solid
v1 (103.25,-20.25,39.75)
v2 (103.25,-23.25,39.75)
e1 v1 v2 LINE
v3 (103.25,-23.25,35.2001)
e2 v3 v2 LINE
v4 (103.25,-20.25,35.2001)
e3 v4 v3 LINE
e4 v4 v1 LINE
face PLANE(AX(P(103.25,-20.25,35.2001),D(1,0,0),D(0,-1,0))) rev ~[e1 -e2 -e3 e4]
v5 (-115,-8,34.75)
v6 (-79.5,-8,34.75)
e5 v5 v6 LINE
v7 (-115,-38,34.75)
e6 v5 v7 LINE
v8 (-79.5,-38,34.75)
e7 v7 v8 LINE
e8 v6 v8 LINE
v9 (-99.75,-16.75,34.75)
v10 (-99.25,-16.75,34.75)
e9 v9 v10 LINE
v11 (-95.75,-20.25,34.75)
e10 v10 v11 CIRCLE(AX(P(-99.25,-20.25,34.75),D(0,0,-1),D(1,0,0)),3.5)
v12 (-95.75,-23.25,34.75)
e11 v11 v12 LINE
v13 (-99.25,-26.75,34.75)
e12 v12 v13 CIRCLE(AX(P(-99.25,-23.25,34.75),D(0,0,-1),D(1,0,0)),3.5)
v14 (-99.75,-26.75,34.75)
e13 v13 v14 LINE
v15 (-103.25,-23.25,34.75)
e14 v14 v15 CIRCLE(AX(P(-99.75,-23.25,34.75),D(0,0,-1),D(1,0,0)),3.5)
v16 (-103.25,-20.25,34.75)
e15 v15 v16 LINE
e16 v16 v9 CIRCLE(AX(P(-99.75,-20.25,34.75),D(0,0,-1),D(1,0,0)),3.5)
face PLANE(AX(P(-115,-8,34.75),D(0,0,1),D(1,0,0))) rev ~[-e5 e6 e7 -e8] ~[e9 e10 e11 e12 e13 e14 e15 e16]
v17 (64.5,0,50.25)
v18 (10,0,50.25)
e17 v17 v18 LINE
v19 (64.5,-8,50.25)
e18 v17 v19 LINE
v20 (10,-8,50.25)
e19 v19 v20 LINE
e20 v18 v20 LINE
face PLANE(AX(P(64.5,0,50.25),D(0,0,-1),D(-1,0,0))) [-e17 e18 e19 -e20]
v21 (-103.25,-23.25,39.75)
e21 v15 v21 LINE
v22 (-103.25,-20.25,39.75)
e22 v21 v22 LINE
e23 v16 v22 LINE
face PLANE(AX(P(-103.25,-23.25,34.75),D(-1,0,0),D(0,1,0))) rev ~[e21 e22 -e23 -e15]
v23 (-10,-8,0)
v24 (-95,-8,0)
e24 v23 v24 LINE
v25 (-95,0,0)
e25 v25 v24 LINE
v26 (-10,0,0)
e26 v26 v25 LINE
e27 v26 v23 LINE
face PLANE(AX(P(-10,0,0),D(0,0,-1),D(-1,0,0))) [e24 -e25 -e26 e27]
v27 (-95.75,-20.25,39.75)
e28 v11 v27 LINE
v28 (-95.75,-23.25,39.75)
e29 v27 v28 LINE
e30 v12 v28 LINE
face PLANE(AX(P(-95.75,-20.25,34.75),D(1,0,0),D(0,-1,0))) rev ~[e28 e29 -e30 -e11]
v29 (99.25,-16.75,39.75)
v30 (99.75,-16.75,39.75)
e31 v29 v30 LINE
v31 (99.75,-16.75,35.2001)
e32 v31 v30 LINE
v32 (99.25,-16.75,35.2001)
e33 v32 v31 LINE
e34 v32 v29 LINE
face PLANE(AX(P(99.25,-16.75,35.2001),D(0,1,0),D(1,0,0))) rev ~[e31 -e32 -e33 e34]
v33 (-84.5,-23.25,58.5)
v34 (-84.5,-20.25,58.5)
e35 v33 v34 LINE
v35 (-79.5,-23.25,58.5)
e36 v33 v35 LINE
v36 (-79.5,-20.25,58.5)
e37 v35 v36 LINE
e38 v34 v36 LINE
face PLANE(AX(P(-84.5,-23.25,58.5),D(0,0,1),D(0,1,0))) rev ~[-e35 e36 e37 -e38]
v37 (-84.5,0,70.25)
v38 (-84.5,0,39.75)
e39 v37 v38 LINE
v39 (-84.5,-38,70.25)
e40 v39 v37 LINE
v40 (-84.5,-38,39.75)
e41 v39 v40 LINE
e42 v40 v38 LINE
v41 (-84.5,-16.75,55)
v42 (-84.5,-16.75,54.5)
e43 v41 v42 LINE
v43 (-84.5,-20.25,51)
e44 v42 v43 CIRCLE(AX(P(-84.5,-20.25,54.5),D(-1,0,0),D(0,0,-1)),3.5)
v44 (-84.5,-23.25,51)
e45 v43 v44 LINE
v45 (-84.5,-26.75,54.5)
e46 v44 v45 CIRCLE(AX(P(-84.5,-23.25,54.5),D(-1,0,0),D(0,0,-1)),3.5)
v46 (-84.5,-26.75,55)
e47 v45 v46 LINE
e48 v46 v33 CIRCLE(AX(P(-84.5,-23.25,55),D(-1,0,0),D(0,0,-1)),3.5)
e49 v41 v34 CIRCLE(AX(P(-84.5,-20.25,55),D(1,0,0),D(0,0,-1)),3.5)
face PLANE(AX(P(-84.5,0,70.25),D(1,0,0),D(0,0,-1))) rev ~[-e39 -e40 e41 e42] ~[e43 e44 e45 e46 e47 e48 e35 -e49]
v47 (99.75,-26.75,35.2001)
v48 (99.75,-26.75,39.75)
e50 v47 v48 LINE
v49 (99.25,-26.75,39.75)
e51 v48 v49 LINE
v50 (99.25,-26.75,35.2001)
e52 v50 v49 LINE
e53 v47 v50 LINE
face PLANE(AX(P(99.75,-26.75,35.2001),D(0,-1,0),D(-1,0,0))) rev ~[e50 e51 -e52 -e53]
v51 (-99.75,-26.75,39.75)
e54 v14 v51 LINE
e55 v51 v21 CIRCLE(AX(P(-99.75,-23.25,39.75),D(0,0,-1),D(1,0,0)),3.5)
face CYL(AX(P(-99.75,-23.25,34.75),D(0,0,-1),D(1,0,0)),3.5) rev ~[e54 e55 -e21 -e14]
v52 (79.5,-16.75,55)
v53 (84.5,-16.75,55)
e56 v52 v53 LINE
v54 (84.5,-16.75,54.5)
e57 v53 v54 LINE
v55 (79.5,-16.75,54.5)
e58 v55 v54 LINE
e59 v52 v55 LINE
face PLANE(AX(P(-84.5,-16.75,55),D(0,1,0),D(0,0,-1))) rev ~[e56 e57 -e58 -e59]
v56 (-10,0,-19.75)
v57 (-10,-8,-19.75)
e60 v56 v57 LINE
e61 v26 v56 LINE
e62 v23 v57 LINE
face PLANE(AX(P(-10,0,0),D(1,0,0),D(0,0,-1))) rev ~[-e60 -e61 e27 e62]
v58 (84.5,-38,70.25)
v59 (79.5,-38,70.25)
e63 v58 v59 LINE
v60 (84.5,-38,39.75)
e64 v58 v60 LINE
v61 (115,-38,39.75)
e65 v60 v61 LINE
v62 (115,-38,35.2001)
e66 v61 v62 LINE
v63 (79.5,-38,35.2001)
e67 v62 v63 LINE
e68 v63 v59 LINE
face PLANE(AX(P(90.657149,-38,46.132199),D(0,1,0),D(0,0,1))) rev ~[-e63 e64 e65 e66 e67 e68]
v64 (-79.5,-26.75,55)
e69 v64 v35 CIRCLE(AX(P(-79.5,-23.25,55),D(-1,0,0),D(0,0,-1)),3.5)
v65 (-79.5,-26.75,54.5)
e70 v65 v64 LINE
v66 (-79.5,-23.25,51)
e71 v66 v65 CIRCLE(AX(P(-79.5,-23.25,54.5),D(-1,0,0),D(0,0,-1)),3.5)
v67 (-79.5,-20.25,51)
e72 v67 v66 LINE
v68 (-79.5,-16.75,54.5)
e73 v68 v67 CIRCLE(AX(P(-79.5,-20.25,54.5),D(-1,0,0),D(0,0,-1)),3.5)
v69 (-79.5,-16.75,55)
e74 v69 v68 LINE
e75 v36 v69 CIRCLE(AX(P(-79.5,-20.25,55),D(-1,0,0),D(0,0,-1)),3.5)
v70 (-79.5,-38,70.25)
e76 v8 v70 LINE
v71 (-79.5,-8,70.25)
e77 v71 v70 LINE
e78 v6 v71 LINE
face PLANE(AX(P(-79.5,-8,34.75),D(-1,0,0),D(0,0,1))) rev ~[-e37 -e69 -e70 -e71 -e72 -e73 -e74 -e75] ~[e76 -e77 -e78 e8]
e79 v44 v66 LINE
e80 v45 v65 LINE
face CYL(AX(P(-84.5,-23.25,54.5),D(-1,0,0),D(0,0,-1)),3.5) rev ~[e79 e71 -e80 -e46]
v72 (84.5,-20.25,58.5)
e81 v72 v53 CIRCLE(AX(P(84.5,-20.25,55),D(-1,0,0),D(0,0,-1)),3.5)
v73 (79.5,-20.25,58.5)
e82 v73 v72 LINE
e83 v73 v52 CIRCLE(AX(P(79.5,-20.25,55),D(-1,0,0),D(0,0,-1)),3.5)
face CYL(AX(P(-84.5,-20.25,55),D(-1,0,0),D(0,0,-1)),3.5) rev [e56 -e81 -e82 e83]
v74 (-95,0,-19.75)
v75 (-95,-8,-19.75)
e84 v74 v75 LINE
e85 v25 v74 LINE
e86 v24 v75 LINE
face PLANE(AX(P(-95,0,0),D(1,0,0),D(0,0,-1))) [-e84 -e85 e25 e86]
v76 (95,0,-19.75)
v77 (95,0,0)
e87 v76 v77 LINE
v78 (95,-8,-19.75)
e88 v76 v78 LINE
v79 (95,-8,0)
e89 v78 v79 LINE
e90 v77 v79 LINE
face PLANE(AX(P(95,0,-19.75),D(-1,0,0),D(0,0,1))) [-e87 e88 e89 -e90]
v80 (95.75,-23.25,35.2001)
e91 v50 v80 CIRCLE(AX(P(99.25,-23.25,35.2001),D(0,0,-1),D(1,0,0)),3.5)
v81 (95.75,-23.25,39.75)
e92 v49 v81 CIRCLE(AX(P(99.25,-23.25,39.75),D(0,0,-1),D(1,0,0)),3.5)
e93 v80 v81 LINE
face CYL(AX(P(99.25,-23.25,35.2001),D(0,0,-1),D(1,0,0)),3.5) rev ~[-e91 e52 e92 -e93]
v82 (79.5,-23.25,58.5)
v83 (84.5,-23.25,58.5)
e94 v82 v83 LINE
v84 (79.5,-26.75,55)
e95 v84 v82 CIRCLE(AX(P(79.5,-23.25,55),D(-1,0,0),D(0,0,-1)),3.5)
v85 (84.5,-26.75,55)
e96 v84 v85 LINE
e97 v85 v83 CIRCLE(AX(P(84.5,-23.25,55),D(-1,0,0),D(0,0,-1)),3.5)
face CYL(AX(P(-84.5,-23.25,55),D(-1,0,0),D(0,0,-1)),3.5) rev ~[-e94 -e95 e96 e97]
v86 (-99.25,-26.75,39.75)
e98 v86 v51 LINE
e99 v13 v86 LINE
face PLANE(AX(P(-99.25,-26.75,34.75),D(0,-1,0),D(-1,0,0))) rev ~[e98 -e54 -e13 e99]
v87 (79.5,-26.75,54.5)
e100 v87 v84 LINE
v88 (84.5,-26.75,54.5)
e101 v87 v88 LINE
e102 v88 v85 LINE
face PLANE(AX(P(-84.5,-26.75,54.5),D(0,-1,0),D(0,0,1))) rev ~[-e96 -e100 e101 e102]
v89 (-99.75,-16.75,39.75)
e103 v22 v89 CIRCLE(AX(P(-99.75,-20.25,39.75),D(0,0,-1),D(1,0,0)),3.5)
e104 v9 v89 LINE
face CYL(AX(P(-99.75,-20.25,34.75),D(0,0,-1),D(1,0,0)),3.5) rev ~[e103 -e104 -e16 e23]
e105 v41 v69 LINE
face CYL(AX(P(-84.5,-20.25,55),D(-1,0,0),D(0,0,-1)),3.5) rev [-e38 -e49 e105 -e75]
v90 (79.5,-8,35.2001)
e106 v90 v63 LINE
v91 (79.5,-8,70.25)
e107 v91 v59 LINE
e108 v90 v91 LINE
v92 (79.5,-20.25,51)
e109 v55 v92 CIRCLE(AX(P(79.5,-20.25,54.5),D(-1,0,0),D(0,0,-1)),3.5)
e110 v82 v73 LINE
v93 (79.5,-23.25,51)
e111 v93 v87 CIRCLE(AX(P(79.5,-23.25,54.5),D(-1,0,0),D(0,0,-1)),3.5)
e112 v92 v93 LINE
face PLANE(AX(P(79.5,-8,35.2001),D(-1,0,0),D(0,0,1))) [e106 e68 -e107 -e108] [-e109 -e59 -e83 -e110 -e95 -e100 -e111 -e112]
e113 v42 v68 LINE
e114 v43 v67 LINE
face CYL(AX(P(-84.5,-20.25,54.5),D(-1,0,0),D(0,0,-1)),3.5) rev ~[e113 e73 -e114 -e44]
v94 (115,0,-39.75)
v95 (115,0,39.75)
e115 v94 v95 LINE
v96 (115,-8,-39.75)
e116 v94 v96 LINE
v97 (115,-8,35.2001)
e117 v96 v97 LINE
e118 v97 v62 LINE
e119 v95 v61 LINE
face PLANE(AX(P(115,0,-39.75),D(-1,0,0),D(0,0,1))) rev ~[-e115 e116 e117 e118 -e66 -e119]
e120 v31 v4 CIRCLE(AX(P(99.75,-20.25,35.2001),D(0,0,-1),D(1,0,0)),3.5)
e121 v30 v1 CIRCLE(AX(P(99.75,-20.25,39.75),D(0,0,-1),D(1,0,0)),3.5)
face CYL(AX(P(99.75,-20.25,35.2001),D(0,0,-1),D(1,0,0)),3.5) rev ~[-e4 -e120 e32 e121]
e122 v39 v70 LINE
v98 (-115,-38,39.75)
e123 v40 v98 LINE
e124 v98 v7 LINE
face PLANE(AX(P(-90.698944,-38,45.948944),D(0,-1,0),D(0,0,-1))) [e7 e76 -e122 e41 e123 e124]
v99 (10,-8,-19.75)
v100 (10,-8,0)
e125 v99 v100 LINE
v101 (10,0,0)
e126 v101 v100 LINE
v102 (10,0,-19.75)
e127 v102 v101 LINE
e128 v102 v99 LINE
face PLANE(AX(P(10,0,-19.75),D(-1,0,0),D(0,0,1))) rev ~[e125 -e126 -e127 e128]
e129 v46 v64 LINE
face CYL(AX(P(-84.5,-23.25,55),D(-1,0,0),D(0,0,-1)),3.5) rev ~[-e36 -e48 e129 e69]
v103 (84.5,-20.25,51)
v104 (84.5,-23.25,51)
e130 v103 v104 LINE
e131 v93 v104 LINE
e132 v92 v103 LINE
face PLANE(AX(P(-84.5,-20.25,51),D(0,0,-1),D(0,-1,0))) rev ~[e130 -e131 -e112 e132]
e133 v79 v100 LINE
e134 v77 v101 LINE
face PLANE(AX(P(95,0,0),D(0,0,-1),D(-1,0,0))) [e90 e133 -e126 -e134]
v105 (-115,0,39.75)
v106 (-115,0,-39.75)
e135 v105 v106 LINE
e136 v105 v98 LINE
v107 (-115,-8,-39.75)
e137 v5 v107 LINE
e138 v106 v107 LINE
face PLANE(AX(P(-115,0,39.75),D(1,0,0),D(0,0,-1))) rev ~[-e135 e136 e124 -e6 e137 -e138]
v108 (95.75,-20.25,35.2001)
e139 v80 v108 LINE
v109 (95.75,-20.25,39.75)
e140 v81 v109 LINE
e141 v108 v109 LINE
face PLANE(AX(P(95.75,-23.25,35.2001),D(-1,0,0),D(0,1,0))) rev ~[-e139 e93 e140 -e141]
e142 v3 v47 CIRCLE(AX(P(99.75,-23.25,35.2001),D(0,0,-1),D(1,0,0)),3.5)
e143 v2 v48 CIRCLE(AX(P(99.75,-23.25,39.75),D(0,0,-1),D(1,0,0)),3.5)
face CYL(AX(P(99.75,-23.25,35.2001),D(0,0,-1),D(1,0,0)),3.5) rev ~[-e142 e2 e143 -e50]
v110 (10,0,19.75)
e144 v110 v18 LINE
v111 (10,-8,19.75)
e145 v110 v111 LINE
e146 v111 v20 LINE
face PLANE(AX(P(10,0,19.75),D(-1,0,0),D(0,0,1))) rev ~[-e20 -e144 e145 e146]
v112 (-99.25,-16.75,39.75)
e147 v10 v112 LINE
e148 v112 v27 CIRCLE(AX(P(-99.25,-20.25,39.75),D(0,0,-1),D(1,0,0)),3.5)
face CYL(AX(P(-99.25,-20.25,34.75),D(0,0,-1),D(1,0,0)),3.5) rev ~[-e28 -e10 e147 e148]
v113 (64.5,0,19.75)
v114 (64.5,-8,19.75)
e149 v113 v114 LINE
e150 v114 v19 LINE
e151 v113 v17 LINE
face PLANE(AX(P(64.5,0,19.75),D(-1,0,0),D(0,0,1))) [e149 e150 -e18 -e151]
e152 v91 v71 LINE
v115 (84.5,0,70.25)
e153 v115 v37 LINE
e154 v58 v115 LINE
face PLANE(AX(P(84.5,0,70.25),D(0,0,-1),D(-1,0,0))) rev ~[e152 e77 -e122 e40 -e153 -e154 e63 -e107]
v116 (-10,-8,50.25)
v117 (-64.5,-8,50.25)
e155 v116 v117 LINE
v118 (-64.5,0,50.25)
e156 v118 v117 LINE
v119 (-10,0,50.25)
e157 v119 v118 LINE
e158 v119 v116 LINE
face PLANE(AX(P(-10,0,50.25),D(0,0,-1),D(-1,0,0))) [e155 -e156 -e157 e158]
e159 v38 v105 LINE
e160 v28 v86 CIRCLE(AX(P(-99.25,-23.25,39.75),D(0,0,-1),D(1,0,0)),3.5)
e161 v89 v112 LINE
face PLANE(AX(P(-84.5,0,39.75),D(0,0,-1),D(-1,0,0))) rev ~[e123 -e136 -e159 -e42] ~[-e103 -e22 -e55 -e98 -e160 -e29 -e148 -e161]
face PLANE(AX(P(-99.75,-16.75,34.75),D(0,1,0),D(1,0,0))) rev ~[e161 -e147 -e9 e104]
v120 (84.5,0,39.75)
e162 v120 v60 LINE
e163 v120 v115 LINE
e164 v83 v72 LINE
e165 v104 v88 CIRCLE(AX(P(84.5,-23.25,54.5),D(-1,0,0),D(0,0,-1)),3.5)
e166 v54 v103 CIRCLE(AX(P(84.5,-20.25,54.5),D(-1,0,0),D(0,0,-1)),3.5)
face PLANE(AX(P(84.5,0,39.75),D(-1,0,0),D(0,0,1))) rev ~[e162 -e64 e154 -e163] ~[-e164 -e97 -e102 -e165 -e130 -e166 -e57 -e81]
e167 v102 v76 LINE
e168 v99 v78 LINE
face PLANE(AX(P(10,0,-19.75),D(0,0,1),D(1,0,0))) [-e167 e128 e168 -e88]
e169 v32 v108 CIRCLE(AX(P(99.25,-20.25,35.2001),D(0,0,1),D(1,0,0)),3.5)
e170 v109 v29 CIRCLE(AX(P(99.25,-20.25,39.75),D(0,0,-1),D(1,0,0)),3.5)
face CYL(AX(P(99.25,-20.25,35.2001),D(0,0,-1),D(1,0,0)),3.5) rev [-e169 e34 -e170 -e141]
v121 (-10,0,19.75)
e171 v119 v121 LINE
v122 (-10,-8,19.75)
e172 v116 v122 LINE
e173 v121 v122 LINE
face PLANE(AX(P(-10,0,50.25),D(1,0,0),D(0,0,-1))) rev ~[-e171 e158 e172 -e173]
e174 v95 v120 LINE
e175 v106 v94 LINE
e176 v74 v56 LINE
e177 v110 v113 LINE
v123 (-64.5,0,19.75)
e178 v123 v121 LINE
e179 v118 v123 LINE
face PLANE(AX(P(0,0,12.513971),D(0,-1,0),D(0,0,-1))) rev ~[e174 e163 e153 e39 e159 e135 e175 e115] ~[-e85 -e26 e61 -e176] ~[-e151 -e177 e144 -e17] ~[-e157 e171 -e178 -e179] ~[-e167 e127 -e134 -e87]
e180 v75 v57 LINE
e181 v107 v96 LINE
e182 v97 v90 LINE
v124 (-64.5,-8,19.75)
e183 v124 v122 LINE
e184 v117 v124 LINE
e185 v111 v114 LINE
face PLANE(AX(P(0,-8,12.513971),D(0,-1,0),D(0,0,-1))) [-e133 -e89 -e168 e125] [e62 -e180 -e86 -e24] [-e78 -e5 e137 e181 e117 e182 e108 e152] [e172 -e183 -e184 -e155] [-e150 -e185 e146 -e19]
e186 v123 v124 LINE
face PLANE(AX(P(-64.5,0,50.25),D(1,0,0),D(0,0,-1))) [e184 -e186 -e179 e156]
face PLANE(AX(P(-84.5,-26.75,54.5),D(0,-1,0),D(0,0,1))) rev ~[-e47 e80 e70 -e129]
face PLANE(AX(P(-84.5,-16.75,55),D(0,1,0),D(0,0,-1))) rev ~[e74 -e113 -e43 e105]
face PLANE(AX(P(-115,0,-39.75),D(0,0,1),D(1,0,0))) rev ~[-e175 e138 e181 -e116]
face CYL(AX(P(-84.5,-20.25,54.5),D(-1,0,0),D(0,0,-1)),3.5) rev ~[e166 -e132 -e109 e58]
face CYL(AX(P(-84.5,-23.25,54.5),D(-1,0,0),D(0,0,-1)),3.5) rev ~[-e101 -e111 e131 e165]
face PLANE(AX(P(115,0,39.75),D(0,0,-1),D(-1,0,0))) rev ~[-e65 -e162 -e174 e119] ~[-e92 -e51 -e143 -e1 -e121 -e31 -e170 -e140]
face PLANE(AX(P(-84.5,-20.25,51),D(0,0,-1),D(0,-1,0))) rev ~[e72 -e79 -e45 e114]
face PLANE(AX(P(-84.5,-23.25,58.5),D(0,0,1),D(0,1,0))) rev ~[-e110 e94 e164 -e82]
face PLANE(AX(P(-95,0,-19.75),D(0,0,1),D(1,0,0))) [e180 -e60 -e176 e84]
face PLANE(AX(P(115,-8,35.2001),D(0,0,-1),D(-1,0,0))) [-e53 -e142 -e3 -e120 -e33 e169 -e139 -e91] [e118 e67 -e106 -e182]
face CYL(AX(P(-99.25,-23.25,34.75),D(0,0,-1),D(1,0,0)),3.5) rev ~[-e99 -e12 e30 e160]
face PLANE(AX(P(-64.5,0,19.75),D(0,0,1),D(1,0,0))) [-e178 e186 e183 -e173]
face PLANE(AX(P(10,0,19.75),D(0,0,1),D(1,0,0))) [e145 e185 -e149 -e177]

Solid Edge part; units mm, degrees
sketch "Sketch1" plane through (0, 0, 0) normal (0, -1, 0) x (1, 0, 0)
  line L0 (-10, 50.25) -> (-64.5, 50.25)
  line L1 (-64.5, 50.25) -> (-64.5, 19.75)
  line L2 (-64.5, 19.75) -> (-10, 19.75)
  line L3 (-10, 50.25) -> (-10, 19.75)
  line L4 (-10, 0) -> (-95, 0)
  line L5 (-95, 0) -> (-95, -19.75)
  line L6 (-95, -19.75) -> (-10, -19.75)
  line L7 (-10, 0) -> (-10, -19.75)
  line L8 (95, -19.75) -> (95, 0)
  line L9 (95, 0) -> (10, 0)
  line L10 (10, -19.75) -> (10, 0)
  line L11 (10, -19.75) -> (95, -19.75)
  line L12 (-84.5, 39.75) -> (-115, 39.75)
  line L13 (-115, 39.75) -> (-115, -39.75)
  line L14 (-115, -39.75) -> (115, -39.75)
  line L15 (115, -39.75) -> (115, 39.75)
  line L16 (115, 39.75) -> (84.5, 39.75)
  line L17 (84.5, 39.75) -> (84.5, 70.25)
  line L18 (84.5, 70.25) -> (-84.5, 70.25)
  line L19 (-84.5, 70.25) -> (-84.5, 39.75)
  line L20 (10, 19.75) -> (64.5, 19.75)
  line L21 (64.5, 19.75) -> (64.5, 50.25)
  line L22 (64.5, 50.25) -> (10, 50.25)
  line L23 (10, 19.75) -> (10, 50.25)
  dimension "D1" = 230
  dimension "D2" = 30.5
  dimension "D3" = 30.5
  dimension "D4" = 30.5
  dimension "D5" = 30.5
  dimension "D6" = 110
  dimension "D7" = 20
extrude "Protrusion1" add sketch "Sketch1" along normal blind 8
sketch "Sketch2" plane through (0, -8, 15.25) normal (0, -1, 0) x (1, 0, 0)
  line L0 (-115, 24.5) -> (-115, 19.5)
  line L1 (-115, 19.5) -> (-79.5, 19.5)
  line L2 (-79.5, 19.5) -> (-79.5, 55)
  line L3 (-84.5, 55) -> (-79.5, 55)
  line L4 (-84.5, 55) -> (-84.5, 24.5)
  line L5 (-84.5, 24.5) -> (-115, 24.5)
  line L6 (115, 19.9501) -> (79.5, 19.9501)
  line L7 (79.5, 19.9501) -> (79.5, 55)
  line L8 (84.5, 55) -> (79.5, 55)
  line L9 (84.5, 55) -> (84.5, 24.5)
  line L10 (84.5, 24.5) -> (115, 24.5)
  line L11 (115, 24.5) -> (115, 19.9501)
extrude "Protrusion2" add sketch "Sketch2" along normal blind 30
sketch "Sketch3" plane through (-97.25, -23, 34.75) normal (0, 0, -1) x (1, 0, 0)
  arc A0 (-2, -6.25) -> (1.5, -2.75) centre (-2, -2.75) ccw
  line L0 (1.5, -2.75) -> (1.5, 0.25)
  arc A1 (1.5, 0.25) -> (-2, 3.75) centre (-2, 0.25) ccw
  line L1 (-2, 3.75) -> (-2.5, 3.75)
  arc A2 (-2.5, 3.75) -> (-6, 0.25) centre (-2.5, 0.25) ccw
  line L2 (-6, 0.25) -> (-6, -2.75)
  arc A3 (-6, -2.75) -> (-2.5, -6.25) centre (-2.5, -2.75) ccw
  line L3 (-2.5, -6.25) -> (-2, -6.25)
extrude "Cutout1" cut sketch "Sketch3" against normal blind 20
sketch "Sketch4" plane through (97.25, -23, 35.2001) normal (0, 0, -1) x (1, 0, 0)
  arc A0 (2.5, -6.25) -> (6, -2.75) centre (2.5, -2.75) ccw
  line L0 (6, -2.75) -> (6, 0.25)
  arc A1 (6, 0.25) -> (2.5, 3.75) centre (2.5, 0.25) ccw
  line L1 (2.5, 3.75) -> (2, 3.75)
  arc A2 (2, 3.75) -> (-1.5, 0.25) centre (2, 0.25) ccw
  line L2 (-1.5, 0.25) -> (-1.5, -2.75)
  arc A3 (2, -6.25) -> (-1.5, -2.75) centre (2, -2.75) cw
  line L3 (2, -6.25) -> (2.5, -6.25)
extrude "Cutout2" cut sketch "Sketch4" against normal blind 40
sketch "Sketch5" plane through (-84.5, -19, 55) normal (-1, 0, 0) x (0, 0, -1)
  arc A0 (0.5, -2.25) -> (4, 1.25) centre (0.5, 1.25) ccw
  line L0 (4, 1.25) -> (4, 4.25)
  arc A1 (4, 4.25) -> (0.5, 7.75) centre (0.5, 4.25) ccw
  line L1 (0.5, 7.75) -> (0, 7.75)
  arc A2 (0, 7.75) -> (-3.5, 4.25) centre (0, 4.25) ccw
  line L2 (-3.5, 4.25) -> (-3.5, 1.25)
  arc A3 (0, -2.25) -> (-3.5, 1.25) centre (0, 1.25) cw
  line L3 (0, -2.25) -> (0.5, -2.25)
extrude "Cutout3" cut sketch "Sketch5" against normal blind 200
